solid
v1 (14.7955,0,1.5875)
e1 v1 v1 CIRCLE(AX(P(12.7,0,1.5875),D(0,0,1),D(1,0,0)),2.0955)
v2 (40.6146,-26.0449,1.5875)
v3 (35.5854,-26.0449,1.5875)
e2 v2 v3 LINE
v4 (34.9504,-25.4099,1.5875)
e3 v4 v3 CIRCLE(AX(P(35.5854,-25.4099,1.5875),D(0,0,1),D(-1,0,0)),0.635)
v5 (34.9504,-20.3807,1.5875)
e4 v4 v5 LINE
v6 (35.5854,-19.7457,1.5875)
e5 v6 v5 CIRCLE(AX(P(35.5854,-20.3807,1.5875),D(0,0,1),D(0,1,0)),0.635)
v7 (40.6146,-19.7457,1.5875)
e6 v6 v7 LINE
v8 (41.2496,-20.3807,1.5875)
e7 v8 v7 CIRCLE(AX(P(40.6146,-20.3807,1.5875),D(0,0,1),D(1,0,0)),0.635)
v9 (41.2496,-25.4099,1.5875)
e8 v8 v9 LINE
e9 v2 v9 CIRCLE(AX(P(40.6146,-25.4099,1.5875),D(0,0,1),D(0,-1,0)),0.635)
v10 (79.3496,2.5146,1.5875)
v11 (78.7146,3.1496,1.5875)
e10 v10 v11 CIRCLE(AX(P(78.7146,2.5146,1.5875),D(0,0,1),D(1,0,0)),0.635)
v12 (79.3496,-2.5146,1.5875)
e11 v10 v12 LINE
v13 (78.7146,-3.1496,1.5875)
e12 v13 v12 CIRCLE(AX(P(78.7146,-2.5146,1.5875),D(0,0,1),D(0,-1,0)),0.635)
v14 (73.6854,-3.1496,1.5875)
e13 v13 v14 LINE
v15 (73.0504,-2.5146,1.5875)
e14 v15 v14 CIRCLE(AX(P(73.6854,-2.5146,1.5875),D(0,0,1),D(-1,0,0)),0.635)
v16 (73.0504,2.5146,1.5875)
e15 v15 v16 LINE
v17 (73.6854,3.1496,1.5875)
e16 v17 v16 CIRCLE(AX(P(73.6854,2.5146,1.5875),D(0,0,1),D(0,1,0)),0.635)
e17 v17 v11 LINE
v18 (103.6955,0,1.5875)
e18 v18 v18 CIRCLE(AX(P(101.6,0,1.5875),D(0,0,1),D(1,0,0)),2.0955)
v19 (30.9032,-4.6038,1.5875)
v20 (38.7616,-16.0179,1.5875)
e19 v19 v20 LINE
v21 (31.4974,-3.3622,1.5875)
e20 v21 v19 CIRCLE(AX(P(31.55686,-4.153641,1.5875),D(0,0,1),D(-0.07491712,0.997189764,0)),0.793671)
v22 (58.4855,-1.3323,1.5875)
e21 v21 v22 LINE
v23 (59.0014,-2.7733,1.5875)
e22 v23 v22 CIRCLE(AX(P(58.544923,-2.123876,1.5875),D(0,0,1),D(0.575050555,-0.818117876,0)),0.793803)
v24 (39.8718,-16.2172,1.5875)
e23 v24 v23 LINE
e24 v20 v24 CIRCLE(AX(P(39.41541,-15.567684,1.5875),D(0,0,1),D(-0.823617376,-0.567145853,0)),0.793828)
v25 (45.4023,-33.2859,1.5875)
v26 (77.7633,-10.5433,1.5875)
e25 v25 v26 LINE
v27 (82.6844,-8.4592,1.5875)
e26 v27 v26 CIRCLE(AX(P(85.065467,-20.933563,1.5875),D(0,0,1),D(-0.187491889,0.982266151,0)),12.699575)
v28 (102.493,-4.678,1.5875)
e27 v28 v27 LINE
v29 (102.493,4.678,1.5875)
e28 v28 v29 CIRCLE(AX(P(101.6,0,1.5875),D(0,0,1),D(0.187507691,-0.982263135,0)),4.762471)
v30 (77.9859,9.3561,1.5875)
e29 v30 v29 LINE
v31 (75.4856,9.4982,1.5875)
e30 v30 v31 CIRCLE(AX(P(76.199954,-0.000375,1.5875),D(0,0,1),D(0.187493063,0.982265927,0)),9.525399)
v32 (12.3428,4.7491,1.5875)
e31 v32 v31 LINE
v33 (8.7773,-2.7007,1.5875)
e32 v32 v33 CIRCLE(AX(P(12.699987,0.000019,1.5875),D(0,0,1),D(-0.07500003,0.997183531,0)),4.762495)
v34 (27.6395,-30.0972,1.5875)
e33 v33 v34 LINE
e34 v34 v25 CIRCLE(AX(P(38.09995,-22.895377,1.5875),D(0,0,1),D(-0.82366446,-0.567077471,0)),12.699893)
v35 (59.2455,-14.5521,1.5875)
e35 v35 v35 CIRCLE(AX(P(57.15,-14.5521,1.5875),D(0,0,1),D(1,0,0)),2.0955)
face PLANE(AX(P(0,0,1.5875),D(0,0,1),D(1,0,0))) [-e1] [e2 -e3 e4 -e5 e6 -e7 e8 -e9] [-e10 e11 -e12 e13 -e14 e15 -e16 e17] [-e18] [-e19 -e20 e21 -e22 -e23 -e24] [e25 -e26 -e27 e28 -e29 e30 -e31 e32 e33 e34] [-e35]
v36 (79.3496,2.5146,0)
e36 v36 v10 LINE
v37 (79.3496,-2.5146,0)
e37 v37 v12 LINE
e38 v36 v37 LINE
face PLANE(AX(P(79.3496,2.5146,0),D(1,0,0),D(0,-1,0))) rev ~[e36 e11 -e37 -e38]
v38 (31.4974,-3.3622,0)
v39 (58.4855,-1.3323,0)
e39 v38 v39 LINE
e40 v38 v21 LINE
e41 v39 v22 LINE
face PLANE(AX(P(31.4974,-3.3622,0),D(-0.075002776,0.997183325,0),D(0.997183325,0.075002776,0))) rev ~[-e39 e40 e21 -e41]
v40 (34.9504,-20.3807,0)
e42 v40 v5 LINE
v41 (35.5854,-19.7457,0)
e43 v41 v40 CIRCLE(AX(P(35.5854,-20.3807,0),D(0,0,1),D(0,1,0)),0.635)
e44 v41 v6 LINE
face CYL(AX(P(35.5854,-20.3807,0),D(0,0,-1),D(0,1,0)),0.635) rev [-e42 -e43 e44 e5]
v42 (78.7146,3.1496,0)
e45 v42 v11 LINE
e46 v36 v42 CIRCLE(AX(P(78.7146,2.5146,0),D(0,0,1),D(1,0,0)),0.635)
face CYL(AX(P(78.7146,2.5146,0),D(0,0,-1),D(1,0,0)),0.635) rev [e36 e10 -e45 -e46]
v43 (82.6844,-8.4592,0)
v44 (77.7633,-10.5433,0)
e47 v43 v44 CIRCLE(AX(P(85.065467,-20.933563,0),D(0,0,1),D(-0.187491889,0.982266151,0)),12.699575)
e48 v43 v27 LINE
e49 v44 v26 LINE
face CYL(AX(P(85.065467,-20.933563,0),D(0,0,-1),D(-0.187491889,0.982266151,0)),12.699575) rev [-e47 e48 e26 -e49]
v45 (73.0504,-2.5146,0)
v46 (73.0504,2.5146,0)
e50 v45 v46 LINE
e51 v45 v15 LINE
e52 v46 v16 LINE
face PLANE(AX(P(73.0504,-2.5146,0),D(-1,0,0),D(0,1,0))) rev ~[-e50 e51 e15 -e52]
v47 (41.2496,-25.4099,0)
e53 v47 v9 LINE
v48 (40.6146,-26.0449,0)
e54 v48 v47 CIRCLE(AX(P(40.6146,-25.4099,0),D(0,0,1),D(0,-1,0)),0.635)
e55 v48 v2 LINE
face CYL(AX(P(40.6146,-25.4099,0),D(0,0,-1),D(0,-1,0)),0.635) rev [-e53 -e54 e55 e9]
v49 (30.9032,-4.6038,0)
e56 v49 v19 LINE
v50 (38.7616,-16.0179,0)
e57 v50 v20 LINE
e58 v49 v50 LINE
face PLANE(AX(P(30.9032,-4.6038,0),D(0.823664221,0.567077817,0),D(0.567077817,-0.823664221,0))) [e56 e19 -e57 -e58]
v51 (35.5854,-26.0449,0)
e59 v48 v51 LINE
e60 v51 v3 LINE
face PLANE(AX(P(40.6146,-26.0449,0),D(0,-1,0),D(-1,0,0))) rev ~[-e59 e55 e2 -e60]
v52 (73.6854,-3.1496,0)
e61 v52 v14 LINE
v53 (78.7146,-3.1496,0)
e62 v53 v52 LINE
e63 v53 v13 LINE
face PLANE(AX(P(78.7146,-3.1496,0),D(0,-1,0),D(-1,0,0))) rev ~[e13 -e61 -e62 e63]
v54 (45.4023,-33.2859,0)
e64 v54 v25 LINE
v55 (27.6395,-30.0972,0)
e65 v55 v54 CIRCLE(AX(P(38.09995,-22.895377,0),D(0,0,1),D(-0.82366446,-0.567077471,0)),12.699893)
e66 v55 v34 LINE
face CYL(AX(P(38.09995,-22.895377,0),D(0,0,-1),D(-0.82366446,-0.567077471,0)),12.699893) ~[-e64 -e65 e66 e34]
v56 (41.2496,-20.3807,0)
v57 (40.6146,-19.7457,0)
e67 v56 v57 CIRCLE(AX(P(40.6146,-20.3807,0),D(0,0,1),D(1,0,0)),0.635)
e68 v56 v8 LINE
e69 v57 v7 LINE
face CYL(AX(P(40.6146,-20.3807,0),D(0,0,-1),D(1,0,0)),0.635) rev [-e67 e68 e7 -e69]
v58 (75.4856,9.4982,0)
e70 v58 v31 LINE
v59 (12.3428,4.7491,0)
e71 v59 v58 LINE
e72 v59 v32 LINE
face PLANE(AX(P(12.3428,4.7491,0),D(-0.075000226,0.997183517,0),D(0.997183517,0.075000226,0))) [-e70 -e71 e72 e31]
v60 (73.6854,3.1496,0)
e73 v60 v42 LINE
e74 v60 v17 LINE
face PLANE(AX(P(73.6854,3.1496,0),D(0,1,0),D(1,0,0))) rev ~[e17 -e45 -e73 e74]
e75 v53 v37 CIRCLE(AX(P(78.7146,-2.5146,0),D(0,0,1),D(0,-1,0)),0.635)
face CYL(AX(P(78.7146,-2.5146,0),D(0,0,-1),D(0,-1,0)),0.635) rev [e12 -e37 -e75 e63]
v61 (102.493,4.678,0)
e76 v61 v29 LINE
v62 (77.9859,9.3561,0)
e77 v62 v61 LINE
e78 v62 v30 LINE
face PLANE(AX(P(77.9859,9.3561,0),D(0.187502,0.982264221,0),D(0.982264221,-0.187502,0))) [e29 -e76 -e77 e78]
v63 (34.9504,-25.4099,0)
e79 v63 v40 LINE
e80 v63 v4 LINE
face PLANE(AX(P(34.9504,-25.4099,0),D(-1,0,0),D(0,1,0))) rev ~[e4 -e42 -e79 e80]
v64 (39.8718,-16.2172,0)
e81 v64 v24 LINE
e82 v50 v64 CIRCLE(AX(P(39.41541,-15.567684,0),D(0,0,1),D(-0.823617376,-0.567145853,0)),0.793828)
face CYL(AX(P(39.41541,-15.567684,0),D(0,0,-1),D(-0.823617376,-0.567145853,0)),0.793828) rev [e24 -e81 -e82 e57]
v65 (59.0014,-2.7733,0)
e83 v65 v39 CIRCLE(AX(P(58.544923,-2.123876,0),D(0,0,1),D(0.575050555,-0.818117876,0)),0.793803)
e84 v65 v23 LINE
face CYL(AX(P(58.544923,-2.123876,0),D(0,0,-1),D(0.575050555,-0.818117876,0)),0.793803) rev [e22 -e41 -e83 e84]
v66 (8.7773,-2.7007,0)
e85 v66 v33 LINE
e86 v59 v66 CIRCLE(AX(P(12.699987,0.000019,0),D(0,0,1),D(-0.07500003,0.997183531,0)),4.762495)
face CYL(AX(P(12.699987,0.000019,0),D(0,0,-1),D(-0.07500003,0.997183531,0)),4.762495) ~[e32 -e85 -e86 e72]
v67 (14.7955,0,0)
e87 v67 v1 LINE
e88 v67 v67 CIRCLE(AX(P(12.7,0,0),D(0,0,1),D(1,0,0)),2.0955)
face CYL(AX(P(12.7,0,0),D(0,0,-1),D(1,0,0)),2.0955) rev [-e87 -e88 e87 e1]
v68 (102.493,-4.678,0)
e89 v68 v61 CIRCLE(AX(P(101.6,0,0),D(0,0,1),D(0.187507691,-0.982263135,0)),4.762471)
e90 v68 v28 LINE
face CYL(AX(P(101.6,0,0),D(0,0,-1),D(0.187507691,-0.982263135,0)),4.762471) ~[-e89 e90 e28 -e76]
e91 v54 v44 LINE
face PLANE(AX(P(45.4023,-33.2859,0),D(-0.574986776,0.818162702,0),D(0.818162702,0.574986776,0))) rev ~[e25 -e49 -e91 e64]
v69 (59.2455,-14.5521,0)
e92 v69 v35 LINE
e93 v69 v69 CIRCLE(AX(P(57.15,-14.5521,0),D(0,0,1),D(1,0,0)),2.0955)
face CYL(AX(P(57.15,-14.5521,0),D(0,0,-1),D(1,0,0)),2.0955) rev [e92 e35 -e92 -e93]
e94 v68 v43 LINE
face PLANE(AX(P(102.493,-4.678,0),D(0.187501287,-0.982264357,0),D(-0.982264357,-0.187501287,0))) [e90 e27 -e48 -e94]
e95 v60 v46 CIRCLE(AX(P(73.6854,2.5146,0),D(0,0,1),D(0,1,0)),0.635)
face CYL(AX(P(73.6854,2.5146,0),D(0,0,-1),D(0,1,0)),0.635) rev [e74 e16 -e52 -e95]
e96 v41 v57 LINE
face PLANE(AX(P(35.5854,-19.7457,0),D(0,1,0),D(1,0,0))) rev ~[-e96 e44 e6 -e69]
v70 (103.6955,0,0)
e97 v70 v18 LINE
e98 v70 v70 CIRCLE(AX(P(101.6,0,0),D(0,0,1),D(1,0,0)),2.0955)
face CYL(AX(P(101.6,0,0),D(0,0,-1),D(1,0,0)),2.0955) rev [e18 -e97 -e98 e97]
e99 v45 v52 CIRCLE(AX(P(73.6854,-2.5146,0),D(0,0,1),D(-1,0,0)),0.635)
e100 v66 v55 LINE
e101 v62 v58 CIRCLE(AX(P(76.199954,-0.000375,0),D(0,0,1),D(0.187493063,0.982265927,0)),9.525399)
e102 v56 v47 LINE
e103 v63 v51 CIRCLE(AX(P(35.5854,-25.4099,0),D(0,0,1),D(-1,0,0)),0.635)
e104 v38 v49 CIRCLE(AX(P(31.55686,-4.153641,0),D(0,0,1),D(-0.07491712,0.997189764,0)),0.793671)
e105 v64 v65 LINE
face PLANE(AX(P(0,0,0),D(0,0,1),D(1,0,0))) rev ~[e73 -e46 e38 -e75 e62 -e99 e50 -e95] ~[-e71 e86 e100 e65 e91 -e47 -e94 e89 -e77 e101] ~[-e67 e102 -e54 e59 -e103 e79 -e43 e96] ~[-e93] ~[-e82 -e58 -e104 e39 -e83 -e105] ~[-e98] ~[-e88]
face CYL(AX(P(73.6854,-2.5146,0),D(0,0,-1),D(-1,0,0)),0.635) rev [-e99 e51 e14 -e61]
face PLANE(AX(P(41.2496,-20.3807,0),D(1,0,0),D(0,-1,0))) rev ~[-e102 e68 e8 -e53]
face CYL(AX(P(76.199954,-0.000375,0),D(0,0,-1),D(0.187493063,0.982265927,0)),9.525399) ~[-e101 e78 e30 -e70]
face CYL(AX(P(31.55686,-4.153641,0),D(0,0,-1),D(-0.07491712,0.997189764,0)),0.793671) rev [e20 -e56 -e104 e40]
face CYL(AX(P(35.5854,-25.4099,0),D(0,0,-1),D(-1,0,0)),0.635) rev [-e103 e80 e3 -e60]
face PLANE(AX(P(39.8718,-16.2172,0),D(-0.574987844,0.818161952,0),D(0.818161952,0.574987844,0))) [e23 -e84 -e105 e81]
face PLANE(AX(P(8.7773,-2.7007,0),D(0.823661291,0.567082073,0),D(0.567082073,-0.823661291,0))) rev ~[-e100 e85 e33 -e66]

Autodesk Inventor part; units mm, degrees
ref_plane "YZ Plane" through (0, 0, 0) normal (1, 0, 0) x (0, 1, 0)
ref_plane "XZ Plane" through (0, 0, 0) normal (0, 1, 0) x (-1, 0, 0)
ref_plane "XY Plane" through (0, 0, 0) normal (0, 0, 1) x (1, 0, 0)
sketch "Sketch1" plane through (0, 0, 0) normal (0, 0, 1) x (1, 0, 0)
  line L0 (35.5854, -19.7457) -> (40.6146, -19.7457)
  line L1 (41.2496, -20.3807) -> (41.2496, -25.4099)
  line L2 (40.6146, -26.0449) -> (35.5854, -26.0449)
  line L3 (34.9504, -25.4099) -> (34.9504, -20.3807)
  line L4 (34.9504, -19.7457) -> (41.2496, -26.0449) construction
  line L5 (41.2496, -19.7457) -> (34.9504, -26.0449) construction
  line L6 (73.6854, 3.1496) -> (78.7146, 3.1496)
  line L7 (79.3496, 2.5146) -> (79.3496, -2.5146)
  line L8 (78.7146, -3.1496) -> (73.6854, -3.1496)
  line L9 (73.0504, -2.5146) -> (73.0504, 2.5146)
  line L10 (73.0504, 3.1496) -> (79.3496, -3.1496) construction
  line L11 (79.3496, 3.1496) -> (73.0504, -3.1496) construction
  arc A0 (35.5854, -19.7457) -> (34.9504, -20.3807) centre (35.5854, -20.3807) ccw
  arc A1 (34.9504, -25.4099) -> (35.5854, -26.0449) centre (35.5854, -25.4099) ccw
  arc A2 (40.6146, -26.0449) -> (41.2496, -25.4099) centre (40.6146, -25.4099) ccw
  arc A3 (41.2496, -20.3807) -> (40.6146, -19.7457) centre (40.6146, -20.3807) ccw
  arc A4 (73.0504, -2.5146) -> (73.6854, -3.1496) centre (73.6854, -2.5146) ccw
  arc A5 (73.6854, 3.1496) -> (73.0504, 2.5146) centre (73.6854, 2.5146) ccw
  arc A6 (79.3496, 2.5146) -> (78.7146, 3.1496) centre (78.7146, 2.5146) ccw
  arc A7 (78.7146, -3.1496) -> (79.3496, -2.5146) centre (78.7146, -2.5146) ccw
  arc A8 (12.3428, 4.7491) -> (8.7773, -2.7007) centre (12.7, 0) ccw
  arc A9 (77.9859, 9.3561) -> (75.4856, 9.4982) centre (76.2, 0) ccw
  arc A10 (27.6395, -30.0972) -> (45.4023, -33.2859) centre (38.1, -22.8953) ccw
  line L12 (12.3428, 4.7491) -> (75.4856, 9.4982)
  line L13 (8.7773, -2.7007) -> (27.6395, -30.0972)
  line L14 (45.4023, -33.2859) -> (77.7633, -10.5433)
  circle A11 centre (12.7, 0) radius 2.0955
  circle A12 centre (101.6, 0) radius 2.0955
  arc A13 (102.493, -4.678) -> (102.493, 4.678) centre (101.6, 0) ccw
  line L15 (77.9859, 9.3561) -> (102.493, 4.678)
  line L16 (102.493, -4.678) -> (82.6844, -8.4592)
  arc A14 (82.6844, -8.4592) -> (77.7633, -10.5433) centre (85.0656, -20.934) ccw
  line L17 (31.4974, -3.3622) -> (58.4855, -1.3323)
  line L18 (39.8718, -16.2172) -> (59.0014, -2.7733)
  line L19 (30.9032, -4.6038) -> (38.7616, -16.0179)
  arc A15 (31.4974, -3.3622) -> (30.9032, -4.6038) centre (31.5569, -4.1537) ccw
  arc A16 (38.7616, -16.0179) -> (39.8718, -16.2172) centre (39.4154, -15.5677) ccw
  arc A17 (59.0014, -2.7733) -> (58.4855, -1.3323) centre (58.545, -2.1239) ccw
  circle A18 centre (57.15, -14.5521) radius 2.0955
  point P0 (76.2, 0)
  point P1 (79.9995, -8.9717)
  point P2 (38.1, -22.8953)
  dimension "d7" = 6.2992
  dimension "d8" = 6.2992
  dimension "d12" = 6.2992
  dimension "d13" = 6.2992
  dimension "d16" = 19.05
  dimension "d17" = 25.4
  dimension "d21" = 4.191
  dimension "d22" = 63.5
  dimension "d23" = 4.7625
  dimension "d24" = 4.191
  dimension "d25" = 9.525
  dimension "d26" = 25.4
  dimension "d27" = 12.7
  dimension "d28" = 9.525
  dimension "d31" = 17.145
  dimension "d32" = 17.145
  dimension "d33" = 0.7937
  dimension "d34" = 4.191
  dimension "d38" = 8.5725
extrude "Extrusion1" add sketch "Sketch1" along normal blind 1.5875
properties part number "Gearbox" material "Acetal Resin, White"
